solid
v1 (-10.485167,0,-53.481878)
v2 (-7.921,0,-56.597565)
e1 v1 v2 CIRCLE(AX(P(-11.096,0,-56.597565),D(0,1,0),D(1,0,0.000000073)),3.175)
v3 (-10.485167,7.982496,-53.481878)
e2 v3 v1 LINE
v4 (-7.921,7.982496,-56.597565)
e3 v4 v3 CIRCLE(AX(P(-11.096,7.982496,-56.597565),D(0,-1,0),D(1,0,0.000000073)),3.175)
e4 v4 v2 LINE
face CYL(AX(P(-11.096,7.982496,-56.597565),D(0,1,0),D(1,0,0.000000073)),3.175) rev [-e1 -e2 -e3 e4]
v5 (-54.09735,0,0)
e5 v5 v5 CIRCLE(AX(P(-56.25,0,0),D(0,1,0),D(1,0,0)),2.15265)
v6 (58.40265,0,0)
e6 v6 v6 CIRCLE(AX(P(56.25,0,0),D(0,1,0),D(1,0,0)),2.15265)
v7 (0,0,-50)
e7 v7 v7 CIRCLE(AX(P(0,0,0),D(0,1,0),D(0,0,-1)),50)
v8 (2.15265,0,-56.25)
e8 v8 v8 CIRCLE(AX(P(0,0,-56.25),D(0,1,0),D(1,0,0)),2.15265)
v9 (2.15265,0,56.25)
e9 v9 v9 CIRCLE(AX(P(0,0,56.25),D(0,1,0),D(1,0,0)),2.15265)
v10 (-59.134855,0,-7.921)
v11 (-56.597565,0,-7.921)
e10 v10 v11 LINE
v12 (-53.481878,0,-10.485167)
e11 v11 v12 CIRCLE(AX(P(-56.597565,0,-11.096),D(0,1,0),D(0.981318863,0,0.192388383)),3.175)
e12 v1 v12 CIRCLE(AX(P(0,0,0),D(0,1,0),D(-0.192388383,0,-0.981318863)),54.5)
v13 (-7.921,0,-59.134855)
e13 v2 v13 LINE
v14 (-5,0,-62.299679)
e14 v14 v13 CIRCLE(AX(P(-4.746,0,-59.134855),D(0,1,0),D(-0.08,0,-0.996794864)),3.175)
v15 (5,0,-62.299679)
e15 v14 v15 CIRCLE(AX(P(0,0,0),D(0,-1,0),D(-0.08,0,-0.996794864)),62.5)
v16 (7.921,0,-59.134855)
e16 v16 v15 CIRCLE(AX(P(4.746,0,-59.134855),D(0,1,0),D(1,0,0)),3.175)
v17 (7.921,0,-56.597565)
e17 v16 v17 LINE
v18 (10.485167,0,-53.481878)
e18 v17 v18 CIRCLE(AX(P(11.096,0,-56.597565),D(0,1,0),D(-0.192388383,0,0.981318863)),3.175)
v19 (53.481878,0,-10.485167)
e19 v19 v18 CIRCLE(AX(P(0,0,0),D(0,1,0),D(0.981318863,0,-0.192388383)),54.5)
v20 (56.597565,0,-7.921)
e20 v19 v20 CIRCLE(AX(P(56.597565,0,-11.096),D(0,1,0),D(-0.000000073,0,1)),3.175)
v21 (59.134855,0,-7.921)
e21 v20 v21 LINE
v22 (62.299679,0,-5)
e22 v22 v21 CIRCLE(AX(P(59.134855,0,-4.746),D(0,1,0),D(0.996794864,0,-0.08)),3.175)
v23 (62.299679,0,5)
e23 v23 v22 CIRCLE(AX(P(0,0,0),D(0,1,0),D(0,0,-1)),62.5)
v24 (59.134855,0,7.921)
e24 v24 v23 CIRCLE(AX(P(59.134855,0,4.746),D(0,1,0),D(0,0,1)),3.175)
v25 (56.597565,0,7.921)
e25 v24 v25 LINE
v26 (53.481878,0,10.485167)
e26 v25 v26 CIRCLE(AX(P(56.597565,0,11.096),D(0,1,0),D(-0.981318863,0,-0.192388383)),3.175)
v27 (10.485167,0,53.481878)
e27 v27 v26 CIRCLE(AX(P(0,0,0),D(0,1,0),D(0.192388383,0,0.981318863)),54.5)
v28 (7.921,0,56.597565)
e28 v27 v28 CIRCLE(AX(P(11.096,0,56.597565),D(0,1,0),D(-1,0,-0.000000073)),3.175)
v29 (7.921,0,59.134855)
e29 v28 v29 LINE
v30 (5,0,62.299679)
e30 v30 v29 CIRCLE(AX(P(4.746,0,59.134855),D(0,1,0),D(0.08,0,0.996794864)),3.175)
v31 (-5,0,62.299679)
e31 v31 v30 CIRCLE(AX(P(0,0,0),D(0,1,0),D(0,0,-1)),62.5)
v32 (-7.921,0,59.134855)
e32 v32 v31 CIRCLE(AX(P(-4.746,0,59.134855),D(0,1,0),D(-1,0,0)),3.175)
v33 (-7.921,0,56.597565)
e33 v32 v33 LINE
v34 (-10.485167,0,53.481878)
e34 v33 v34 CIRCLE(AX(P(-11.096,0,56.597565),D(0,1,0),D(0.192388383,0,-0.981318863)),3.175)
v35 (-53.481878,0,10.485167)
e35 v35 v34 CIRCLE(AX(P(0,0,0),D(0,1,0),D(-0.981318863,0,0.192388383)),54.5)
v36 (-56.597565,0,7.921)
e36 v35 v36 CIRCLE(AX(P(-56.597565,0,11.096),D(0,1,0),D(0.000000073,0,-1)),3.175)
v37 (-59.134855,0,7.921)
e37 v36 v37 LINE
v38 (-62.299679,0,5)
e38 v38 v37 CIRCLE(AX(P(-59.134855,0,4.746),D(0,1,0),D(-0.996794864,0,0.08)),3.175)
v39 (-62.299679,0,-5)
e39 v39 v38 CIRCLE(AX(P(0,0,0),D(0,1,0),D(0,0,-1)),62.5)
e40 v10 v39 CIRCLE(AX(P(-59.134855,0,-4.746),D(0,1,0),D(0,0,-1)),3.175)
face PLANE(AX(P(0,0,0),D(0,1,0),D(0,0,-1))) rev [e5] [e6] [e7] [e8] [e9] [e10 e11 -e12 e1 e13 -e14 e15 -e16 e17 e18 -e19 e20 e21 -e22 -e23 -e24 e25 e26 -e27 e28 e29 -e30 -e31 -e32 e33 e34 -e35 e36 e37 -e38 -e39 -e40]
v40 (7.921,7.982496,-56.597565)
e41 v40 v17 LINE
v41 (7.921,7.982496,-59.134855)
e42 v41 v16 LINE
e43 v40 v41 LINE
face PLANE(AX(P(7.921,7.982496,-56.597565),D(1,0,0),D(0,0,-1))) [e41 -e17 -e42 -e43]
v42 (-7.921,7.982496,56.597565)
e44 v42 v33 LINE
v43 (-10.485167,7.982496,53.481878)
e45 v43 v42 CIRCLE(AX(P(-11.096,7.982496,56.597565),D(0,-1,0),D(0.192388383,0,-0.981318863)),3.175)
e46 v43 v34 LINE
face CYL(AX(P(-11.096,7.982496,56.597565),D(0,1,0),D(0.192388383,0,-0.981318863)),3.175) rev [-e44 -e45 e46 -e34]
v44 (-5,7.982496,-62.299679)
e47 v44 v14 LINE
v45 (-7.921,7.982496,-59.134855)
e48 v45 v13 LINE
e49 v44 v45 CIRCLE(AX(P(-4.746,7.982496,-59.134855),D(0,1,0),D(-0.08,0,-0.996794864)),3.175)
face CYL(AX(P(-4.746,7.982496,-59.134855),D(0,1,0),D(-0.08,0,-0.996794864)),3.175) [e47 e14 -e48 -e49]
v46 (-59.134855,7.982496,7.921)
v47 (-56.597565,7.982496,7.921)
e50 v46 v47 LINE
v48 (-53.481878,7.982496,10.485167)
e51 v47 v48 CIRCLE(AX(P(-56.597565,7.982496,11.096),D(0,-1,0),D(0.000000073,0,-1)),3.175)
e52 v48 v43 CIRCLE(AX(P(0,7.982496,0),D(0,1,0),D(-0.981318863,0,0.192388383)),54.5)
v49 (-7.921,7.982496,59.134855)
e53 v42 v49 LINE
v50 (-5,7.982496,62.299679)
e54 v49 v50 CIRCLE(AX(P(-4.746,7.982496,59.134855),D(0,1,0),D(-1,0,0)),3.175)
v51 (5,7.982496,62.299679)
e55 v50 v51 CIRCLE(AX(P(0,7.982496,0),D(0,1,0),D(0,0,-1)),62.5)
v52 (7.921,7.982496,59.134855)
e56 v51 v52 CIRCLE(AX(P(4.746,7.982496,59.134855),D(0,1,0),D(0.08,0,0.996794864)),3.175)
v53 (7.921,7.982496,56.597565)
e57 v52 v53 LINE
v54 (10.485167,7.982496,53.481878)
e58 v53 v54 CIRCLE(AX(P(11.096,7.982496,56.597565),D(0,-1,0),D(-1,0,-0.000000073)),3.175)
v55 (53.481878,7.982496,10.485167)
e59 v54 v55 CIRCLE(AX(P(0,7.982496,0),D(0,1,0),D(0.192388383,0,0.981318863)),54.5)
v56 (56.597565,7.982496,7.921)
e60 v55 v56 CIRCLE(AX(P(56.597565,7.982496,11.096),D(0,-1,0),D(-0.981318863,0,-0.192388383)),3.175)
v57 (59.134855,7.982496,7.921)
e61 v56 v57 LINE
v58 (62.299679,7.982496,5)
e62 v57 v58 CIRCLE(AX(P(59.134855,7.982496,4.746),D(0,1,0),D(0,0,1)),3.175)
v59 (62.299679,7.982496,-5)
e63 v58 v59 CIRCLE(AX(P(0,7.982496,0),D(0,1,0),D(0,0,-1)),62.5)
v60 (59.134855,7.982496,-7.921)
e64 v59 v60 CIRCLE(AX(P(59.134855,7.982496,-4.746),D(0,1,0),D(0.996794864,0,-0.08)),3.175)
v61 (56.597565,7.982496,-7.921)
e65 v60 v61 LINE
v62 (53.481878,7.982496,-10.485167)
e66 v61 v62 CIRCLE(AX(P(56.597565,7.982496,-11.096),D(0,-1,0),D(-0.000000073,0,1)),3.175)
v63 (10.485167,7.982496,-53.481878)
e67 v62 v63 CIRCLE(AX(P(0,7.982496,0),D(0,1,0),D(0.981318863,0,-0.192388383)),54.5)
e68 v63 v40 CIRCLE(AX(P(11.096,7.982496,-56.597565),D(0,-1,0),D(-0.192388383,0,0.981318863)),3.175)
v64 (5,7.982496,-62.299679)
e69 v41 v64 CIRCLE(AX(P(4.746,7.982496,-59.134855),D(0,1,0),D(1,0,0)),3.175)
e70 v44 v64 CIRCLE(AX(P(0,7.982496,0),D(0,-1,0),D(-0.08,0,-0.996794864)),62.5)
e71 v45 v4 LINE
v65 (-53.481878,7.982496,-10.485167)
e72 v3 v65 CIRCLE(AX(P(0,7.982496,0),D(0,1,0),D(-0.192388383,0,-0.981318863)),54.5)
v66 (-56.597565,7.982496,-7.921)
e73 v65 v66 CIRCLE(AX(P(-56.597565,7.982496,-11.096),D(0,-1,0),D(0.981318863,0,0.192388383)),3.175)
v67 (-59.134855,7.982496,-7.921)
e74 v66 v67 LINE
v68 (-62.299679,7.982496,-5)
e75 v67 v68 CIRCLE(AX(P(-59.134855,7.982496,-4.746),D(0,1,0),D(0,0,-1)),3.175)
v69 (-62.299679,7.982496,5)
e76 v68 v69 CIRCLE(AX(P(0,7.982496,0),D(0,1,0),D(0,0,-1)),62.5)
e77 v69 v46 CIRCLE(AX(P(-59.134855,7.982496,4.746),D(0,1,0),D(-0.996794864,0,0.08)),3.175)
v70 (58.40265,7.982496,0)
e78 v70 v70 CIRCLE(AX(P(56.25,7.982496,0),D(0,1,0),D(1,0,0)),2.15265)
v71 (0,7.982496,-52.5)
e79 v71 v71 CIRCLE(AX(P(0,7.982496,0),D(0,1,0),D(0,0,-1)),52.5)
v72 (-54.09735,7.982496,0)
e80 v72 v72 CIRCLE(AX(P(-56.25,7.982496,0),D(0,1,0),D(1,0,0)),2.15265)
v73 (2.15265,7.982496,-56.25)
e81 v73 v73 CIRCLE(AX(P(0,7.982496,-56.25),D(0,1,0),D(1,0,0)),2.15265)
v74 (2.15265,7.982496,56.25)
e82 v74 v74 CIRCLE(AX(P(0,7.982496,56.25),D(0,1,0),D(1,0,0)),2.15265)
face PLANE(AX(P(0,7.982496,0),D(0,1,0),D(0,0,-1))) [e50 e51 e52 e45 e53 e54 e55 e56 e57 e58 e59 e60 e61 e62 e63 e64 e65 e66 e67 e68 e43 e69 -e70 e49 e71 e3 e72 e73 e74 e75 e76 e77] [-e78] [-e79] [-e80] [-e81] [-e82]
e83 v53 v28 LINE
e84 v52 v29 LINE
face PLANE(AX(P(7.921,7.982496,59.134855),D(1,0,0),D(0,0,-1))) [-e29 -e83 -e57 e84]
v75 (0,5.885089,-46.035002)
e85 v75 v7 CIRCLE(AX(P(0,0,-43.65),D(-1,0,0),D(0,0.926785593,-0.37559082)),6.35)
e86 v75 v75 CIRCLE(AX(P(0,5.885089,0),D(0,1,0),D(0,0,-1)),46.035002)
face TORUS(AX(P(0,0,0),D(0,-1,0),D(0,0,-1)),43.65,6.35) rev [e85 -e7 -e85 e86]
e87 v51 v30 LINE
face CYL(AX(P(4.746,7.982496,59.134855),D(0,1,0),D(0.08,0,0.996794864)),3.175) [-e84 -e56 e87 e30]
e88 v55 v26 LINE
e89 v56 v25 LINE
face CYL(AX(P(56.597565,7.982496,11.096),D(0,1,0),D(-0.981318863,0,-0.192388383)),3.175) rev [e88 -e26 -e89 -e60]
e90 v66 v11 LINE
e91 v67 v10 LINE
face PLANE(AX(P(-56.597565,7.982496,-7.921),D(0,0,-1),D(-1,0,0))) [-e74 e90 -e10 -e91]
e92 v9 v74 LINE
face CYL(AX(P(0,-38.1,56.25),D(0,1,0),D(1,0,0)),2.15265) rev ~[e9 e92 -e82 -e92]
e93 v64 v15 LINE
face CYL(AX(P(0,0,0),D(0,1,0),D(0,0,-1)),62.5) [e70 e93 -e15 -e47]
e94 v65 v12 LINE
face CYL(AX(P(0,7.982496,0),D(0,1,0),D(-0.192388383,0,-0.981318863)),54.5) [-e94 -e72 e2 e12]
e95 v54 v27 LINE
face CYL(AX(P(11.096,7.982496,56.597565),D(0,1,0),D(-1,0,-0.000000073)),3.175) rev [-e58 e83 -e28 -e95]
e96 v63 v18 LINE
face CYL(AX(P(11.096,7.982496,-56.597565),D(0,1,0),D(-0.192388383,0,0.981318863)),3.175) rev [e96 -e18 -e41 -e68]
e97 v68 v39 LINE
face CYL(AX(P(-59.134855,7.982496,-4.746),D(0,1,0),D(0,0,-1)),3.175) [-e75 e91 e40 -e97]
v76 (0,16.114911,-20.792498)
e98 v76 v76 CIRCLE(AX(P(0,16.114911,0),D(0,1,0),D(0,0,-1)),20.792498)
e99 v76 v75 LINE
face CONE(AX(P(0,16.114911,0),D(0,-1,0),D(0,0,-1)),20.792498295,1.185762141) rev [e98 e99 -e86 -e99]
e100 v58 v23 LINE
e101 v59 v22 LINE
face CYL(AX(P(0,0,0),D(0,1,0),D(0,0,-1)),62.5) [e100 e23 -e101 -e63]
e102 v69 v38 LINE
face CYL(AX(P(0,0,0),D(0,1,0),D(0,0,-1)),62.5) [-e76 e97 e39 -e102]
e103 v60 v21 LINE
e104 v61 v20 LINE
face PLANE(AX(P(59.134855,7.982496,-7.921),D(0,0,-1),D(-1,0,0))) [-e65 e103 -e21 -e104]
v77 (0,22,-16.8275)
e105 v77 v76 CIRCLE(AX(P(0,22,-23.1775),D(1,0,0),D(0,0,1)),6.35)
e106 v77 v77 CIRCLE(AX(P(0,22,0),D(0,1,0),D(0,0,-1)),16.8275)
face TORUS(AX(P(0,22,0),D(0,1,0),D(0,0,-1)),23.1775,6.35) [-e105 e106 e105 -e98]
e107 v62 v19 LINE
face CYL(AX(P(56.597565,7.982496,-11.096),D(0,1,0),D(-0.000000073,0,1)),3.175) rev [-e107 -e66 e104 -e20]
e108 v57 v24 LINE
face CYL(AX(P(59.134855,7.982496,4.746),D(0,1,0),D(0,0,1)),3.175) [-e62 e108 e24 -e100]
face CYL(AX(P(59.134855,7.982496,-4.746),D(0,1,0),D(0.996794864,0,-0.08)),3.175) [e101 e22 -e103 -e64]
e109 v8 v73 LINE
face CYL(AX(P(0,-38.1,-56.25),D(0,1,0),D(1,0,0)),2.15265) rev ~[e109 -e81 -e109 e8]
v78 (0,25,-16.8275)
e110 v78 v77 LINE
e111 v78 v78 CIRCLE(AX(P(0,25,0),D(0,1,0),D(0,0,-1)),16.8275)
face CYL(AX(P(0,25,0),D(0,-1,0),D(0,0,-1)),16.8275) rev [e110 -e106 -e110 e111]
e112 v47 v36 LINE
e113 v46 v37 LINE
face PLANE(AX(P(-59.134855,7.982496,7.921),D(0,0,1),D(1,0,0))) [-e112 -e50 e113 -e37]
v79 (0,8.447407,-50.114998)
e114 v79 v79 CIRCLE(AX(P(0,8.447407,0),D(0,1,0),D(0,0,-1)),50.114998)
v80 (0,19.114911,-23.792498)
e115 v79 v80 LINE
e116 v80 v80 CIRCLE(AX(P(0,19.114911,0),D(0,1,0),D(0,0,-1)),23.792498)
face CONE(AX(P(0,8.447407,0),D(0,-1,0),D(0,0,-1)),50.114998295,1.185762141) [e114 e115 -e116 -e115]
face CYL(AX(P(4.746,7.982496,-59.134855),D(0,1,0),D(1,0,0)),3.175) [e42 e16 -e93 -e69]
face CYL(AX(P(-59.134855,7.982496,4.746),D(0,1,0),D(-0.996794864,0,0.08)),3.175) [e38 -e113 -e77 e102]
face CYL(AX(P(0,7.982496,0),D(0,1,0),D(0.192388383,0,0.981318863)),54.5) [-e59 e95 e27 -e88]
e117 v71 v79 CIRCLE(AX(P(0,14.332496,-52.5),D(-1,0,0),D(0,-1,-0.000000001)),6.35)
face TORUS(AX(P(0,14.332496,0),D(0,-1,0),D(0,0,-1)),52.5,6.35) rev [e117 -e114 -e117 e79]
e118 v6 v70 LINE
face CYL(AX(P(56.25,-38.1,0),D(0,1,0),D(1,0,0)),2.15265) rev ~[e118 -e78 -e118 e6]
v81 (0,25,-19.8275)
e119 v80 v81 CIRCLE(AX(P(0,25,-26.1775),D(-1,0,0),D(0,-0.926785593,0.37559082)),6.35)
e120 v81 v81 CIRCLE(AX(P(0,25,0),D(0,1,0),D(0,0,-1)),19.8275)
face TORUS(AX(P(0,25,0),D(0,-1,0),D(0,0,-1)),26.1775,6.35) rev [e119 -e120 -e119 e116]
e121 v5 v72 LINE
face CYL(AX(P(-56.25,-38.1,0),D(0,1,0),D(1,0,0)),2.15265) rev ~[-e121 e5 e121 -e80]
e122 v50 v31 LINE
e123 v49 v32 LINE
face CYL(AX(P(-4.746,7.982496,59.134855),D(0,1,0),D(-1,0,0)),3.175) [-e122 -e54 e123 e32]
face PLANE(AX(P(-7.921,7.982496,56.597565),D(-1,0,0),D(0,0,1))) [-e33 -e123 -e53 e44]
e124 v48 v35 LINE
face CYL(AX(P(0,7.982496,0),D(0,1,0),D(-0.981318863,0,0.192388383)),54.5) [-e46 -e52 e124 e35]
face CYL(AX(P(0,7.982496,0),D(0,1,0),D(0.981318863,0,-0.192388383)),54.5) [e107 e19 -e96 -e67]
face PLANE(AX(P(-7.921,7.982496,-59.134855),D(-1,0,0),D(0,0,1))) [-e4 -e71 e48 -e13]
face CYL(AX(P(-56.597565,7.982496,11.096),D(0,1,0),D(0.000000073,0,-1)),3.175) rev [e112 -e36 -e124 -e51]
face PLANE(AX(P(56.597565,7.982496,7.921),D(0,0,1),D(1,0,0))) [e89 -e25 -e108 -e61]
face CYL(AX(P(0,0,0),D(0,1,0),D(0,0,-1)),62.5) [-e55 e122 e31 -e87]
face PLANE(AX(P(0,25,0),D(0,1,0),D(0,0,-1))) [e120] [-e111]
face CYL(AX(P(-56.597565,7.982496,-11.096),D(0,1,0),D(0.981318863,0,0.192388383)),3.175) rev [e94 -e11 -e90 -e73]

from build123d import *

# Parameters (mm, degrees)
F_18_0_1695_DIAMETER_HOLE1_D     = 4.3053
F_18_0_1695_DIAMETER_HOLE1_DEPTH = 38.1
F_18_0_1695_DIAMETER_HOLE1_TIP   = 1.293442612
CUT_EXTRUDE1_DEPTH               = 28


with BuildPart() as part:
    # Sketch2 → Revolve1 (revolve)
    with BuildSketch(Plane.XY, mode=Mode.PRIVATE) as revolve1_sk:
        with BuildLine():
            Line((50, 0), (62.5, 0))
            Line((62.5, 0), (62.5, 7.982495649))
            Line((62.5, 7.982495649), (52.5, 7.982495649))
            ThreePointArc((52.5, 7.982495649), (51.285053929, 8.09980714), (50.114998295, 8.447407131))
            Line((50.114998295, 8.447407131), (23.792498295, 19.114911482))
            ThreePointArc((23.792498295, 19.114911482), (20.911227085, 21.451920296), (19.8275, 25))
            Line((19.8275, 25), (16.8275, 25))
            Line((16.8275, 25), (16.8275, 22))
            ThreePointArc((16.8275, 22), (17.911227085, 18.451920296), (20.792498295, 16.114911482))
            Line((20.792498295, 16.114911482), (46.035001705, 5.885088518))
            ThreePointArc((46.035001705, 5.885088518), (48.916272915, 3.548079704), (50, 0))
        make_face()
    revolve(revolve1_sk.sketch.rotate(Axis((0, 0, 0), (0, 1, 0)), 90), axis=Axis((0, 0, 0), (0, 1, 0)))

    # #18 (0.1695) Diameter Hole1
    with Locations(Plane(origin=(0, 0, 0), x_dir=(-1, 0, 0), z_dir=(0, -1, 0))):
        with Locations((0, 56.25), (0, -56.25), (-56.25, 0), (56.25, 0)):
            Hole(F_18_0_1695_DIAMETER_HOLE1_D / 2, depth=F_18_0_1695_DIAMETER_HOLE1_DEPTH)
            with Locations((0, 0, -(F_18_0_1695_DIAMETER_HOLE1_DEPTH + F_18_0_1695_DIAMETER_HOLE1_TIP / 2))):  # 118° drill point
                Cone(0, F_18_0_1695_DIAMETER_HOLE1_D / 2, F_18_0_1695_DIAMETER_HOLE1_TIP, mode=Mode.SUBTRACT)

    # Sketch5 → Cut-Extrude1 (cut)
    with BuildSketch(Plane(origin=(0, 7.982495649, 0), x_dir=(1, 0, 0), z_dir=(0, 1, 0))):
        with BuildLine():
            Line((-56.597565166, 7.921), (-59.13485528, 7.921))
            ThreePointArc((-59.13485528, 7.921), (-61.28824505, 7.07913898), (-62.299678972, 5))
            ThreePointArc((-62.299678972, 5), (-44.194173824, 44.194173824), (-5, 62.299678972))
            ThreePointArc((-5, 62.299678972), (-7.07913898, 61.28824505), (-7.921, 59.13485528))
            Line((-7.921, 59.13485528), (-7.921, 56.597565166))
            ThreePointArc((-7.921, 56.597565166), (-8.644467885, 54.57998881), (-10.485166883, 53.48187801))
            ThreePointArc((-10.485166883, 53.48187801), (-38.537319575, 38.537319575), (-53.48187801, 10.485166883))
            ThreePointArc((-53.48187801, 10.485166883), (-54.57998881, 8.644467885), (-56.597565166, 7.921))
        make_face()
        with BuildLine():
            Line((7.921, 56.597565166), (7.921, 59.13485528))
            ThreePointArc((7.921, 59.13485528), (7.07913898, 61.28824505), (5, 62.299678972))
            ThreePointArc((5, 62.299678972), (44.194173824, 44.194173824), (62.299678972, 5))
            ThreePointArc((62.299678972, 5), (61.28824505, 7.07913898), (59.13485528, 7.921))
            Line((59.13485528, 7.921), (56.597565166, 7.921))
            ThreePointArc((56.597565166, 7.921), (54.57998881, 8.644467885), (53.48187801, 10.485166883))
            ThreePointArc((53.48187801, 10.485166883), (38.537319575, 38.537319575), (10.485166883, 53.48187801))
            ThreePointArc((10.485166883, 53.48187801), (8.644467885, 54.57998881), (7.921, 56.597565166))
        make_face()
        with BuildLine():
            Line((56.597565166, -7.921), (59.13485528, -7.921))
            ThreePointArc((59.13485528, -7.921), (61.28824505, -7.07913898), (62.299678972, -5))
            ThreePointArc((62.299678972, -5), (44.194173824, -44.194173824), (5, -62.299678972))
            ThreePointArc((5, -62.299678972), (7.07913898, -61.28824505), (7.921, -59.13485528))
            Line((7.921, -59.13485528), (7.921, -56.597565166))
            ThreePointArc((7.921, -56.597565166), (8.644467885, -54.57998881), (10.485166883, -53.48187801))
            ThreePointArc((10.485166883, -53.48187801), (38.537319575, -38.537319575), (53.48187801, -10.485166883))
            ThreePointArc((53.48187801, -10.485166883), (54.57998881, -8.644467885), (56.597565166, -7.921))
        make_face()
        with BuildLine():
            Line((-7.921, -56.597565166), (-7.921, -59.13485528))
            ThreePointArc((-7.921, -59.13485528), (-7.07913898, -61.28824505), (-5, -62.299678972))
            ThreePointArc((-5, -62.299678972), (-44.194173824, -44.194173824), (-62.299678972, -5))
            ThreePointArc((-62.299678972, -5), (-61.28824505, -7.07913898), (-59.13485528, -7.921))
            Line((-59.13485528, -7.921), (-56.597565166, -7.921))
            ThreePointArc((-56.597565166, -7.921), (-54.57998881, -8.644467885), (-53.48187801, -10.485166883))
            ThreePointArc((-53.48187801, -10.485166883), (-38.537319575, -38.537319575), (-10.485166883, -53.48187801))
            ThreePointArc((-10.485166883, -53.48187801), (-8.644467885, -54.57998881), (-7.921, -56.597565166))
        make_face()
    extrude(amount=-CUT_EXTRUDE1_DEPTH, mode=Mode.SUBTRACT)


solid = part.part
